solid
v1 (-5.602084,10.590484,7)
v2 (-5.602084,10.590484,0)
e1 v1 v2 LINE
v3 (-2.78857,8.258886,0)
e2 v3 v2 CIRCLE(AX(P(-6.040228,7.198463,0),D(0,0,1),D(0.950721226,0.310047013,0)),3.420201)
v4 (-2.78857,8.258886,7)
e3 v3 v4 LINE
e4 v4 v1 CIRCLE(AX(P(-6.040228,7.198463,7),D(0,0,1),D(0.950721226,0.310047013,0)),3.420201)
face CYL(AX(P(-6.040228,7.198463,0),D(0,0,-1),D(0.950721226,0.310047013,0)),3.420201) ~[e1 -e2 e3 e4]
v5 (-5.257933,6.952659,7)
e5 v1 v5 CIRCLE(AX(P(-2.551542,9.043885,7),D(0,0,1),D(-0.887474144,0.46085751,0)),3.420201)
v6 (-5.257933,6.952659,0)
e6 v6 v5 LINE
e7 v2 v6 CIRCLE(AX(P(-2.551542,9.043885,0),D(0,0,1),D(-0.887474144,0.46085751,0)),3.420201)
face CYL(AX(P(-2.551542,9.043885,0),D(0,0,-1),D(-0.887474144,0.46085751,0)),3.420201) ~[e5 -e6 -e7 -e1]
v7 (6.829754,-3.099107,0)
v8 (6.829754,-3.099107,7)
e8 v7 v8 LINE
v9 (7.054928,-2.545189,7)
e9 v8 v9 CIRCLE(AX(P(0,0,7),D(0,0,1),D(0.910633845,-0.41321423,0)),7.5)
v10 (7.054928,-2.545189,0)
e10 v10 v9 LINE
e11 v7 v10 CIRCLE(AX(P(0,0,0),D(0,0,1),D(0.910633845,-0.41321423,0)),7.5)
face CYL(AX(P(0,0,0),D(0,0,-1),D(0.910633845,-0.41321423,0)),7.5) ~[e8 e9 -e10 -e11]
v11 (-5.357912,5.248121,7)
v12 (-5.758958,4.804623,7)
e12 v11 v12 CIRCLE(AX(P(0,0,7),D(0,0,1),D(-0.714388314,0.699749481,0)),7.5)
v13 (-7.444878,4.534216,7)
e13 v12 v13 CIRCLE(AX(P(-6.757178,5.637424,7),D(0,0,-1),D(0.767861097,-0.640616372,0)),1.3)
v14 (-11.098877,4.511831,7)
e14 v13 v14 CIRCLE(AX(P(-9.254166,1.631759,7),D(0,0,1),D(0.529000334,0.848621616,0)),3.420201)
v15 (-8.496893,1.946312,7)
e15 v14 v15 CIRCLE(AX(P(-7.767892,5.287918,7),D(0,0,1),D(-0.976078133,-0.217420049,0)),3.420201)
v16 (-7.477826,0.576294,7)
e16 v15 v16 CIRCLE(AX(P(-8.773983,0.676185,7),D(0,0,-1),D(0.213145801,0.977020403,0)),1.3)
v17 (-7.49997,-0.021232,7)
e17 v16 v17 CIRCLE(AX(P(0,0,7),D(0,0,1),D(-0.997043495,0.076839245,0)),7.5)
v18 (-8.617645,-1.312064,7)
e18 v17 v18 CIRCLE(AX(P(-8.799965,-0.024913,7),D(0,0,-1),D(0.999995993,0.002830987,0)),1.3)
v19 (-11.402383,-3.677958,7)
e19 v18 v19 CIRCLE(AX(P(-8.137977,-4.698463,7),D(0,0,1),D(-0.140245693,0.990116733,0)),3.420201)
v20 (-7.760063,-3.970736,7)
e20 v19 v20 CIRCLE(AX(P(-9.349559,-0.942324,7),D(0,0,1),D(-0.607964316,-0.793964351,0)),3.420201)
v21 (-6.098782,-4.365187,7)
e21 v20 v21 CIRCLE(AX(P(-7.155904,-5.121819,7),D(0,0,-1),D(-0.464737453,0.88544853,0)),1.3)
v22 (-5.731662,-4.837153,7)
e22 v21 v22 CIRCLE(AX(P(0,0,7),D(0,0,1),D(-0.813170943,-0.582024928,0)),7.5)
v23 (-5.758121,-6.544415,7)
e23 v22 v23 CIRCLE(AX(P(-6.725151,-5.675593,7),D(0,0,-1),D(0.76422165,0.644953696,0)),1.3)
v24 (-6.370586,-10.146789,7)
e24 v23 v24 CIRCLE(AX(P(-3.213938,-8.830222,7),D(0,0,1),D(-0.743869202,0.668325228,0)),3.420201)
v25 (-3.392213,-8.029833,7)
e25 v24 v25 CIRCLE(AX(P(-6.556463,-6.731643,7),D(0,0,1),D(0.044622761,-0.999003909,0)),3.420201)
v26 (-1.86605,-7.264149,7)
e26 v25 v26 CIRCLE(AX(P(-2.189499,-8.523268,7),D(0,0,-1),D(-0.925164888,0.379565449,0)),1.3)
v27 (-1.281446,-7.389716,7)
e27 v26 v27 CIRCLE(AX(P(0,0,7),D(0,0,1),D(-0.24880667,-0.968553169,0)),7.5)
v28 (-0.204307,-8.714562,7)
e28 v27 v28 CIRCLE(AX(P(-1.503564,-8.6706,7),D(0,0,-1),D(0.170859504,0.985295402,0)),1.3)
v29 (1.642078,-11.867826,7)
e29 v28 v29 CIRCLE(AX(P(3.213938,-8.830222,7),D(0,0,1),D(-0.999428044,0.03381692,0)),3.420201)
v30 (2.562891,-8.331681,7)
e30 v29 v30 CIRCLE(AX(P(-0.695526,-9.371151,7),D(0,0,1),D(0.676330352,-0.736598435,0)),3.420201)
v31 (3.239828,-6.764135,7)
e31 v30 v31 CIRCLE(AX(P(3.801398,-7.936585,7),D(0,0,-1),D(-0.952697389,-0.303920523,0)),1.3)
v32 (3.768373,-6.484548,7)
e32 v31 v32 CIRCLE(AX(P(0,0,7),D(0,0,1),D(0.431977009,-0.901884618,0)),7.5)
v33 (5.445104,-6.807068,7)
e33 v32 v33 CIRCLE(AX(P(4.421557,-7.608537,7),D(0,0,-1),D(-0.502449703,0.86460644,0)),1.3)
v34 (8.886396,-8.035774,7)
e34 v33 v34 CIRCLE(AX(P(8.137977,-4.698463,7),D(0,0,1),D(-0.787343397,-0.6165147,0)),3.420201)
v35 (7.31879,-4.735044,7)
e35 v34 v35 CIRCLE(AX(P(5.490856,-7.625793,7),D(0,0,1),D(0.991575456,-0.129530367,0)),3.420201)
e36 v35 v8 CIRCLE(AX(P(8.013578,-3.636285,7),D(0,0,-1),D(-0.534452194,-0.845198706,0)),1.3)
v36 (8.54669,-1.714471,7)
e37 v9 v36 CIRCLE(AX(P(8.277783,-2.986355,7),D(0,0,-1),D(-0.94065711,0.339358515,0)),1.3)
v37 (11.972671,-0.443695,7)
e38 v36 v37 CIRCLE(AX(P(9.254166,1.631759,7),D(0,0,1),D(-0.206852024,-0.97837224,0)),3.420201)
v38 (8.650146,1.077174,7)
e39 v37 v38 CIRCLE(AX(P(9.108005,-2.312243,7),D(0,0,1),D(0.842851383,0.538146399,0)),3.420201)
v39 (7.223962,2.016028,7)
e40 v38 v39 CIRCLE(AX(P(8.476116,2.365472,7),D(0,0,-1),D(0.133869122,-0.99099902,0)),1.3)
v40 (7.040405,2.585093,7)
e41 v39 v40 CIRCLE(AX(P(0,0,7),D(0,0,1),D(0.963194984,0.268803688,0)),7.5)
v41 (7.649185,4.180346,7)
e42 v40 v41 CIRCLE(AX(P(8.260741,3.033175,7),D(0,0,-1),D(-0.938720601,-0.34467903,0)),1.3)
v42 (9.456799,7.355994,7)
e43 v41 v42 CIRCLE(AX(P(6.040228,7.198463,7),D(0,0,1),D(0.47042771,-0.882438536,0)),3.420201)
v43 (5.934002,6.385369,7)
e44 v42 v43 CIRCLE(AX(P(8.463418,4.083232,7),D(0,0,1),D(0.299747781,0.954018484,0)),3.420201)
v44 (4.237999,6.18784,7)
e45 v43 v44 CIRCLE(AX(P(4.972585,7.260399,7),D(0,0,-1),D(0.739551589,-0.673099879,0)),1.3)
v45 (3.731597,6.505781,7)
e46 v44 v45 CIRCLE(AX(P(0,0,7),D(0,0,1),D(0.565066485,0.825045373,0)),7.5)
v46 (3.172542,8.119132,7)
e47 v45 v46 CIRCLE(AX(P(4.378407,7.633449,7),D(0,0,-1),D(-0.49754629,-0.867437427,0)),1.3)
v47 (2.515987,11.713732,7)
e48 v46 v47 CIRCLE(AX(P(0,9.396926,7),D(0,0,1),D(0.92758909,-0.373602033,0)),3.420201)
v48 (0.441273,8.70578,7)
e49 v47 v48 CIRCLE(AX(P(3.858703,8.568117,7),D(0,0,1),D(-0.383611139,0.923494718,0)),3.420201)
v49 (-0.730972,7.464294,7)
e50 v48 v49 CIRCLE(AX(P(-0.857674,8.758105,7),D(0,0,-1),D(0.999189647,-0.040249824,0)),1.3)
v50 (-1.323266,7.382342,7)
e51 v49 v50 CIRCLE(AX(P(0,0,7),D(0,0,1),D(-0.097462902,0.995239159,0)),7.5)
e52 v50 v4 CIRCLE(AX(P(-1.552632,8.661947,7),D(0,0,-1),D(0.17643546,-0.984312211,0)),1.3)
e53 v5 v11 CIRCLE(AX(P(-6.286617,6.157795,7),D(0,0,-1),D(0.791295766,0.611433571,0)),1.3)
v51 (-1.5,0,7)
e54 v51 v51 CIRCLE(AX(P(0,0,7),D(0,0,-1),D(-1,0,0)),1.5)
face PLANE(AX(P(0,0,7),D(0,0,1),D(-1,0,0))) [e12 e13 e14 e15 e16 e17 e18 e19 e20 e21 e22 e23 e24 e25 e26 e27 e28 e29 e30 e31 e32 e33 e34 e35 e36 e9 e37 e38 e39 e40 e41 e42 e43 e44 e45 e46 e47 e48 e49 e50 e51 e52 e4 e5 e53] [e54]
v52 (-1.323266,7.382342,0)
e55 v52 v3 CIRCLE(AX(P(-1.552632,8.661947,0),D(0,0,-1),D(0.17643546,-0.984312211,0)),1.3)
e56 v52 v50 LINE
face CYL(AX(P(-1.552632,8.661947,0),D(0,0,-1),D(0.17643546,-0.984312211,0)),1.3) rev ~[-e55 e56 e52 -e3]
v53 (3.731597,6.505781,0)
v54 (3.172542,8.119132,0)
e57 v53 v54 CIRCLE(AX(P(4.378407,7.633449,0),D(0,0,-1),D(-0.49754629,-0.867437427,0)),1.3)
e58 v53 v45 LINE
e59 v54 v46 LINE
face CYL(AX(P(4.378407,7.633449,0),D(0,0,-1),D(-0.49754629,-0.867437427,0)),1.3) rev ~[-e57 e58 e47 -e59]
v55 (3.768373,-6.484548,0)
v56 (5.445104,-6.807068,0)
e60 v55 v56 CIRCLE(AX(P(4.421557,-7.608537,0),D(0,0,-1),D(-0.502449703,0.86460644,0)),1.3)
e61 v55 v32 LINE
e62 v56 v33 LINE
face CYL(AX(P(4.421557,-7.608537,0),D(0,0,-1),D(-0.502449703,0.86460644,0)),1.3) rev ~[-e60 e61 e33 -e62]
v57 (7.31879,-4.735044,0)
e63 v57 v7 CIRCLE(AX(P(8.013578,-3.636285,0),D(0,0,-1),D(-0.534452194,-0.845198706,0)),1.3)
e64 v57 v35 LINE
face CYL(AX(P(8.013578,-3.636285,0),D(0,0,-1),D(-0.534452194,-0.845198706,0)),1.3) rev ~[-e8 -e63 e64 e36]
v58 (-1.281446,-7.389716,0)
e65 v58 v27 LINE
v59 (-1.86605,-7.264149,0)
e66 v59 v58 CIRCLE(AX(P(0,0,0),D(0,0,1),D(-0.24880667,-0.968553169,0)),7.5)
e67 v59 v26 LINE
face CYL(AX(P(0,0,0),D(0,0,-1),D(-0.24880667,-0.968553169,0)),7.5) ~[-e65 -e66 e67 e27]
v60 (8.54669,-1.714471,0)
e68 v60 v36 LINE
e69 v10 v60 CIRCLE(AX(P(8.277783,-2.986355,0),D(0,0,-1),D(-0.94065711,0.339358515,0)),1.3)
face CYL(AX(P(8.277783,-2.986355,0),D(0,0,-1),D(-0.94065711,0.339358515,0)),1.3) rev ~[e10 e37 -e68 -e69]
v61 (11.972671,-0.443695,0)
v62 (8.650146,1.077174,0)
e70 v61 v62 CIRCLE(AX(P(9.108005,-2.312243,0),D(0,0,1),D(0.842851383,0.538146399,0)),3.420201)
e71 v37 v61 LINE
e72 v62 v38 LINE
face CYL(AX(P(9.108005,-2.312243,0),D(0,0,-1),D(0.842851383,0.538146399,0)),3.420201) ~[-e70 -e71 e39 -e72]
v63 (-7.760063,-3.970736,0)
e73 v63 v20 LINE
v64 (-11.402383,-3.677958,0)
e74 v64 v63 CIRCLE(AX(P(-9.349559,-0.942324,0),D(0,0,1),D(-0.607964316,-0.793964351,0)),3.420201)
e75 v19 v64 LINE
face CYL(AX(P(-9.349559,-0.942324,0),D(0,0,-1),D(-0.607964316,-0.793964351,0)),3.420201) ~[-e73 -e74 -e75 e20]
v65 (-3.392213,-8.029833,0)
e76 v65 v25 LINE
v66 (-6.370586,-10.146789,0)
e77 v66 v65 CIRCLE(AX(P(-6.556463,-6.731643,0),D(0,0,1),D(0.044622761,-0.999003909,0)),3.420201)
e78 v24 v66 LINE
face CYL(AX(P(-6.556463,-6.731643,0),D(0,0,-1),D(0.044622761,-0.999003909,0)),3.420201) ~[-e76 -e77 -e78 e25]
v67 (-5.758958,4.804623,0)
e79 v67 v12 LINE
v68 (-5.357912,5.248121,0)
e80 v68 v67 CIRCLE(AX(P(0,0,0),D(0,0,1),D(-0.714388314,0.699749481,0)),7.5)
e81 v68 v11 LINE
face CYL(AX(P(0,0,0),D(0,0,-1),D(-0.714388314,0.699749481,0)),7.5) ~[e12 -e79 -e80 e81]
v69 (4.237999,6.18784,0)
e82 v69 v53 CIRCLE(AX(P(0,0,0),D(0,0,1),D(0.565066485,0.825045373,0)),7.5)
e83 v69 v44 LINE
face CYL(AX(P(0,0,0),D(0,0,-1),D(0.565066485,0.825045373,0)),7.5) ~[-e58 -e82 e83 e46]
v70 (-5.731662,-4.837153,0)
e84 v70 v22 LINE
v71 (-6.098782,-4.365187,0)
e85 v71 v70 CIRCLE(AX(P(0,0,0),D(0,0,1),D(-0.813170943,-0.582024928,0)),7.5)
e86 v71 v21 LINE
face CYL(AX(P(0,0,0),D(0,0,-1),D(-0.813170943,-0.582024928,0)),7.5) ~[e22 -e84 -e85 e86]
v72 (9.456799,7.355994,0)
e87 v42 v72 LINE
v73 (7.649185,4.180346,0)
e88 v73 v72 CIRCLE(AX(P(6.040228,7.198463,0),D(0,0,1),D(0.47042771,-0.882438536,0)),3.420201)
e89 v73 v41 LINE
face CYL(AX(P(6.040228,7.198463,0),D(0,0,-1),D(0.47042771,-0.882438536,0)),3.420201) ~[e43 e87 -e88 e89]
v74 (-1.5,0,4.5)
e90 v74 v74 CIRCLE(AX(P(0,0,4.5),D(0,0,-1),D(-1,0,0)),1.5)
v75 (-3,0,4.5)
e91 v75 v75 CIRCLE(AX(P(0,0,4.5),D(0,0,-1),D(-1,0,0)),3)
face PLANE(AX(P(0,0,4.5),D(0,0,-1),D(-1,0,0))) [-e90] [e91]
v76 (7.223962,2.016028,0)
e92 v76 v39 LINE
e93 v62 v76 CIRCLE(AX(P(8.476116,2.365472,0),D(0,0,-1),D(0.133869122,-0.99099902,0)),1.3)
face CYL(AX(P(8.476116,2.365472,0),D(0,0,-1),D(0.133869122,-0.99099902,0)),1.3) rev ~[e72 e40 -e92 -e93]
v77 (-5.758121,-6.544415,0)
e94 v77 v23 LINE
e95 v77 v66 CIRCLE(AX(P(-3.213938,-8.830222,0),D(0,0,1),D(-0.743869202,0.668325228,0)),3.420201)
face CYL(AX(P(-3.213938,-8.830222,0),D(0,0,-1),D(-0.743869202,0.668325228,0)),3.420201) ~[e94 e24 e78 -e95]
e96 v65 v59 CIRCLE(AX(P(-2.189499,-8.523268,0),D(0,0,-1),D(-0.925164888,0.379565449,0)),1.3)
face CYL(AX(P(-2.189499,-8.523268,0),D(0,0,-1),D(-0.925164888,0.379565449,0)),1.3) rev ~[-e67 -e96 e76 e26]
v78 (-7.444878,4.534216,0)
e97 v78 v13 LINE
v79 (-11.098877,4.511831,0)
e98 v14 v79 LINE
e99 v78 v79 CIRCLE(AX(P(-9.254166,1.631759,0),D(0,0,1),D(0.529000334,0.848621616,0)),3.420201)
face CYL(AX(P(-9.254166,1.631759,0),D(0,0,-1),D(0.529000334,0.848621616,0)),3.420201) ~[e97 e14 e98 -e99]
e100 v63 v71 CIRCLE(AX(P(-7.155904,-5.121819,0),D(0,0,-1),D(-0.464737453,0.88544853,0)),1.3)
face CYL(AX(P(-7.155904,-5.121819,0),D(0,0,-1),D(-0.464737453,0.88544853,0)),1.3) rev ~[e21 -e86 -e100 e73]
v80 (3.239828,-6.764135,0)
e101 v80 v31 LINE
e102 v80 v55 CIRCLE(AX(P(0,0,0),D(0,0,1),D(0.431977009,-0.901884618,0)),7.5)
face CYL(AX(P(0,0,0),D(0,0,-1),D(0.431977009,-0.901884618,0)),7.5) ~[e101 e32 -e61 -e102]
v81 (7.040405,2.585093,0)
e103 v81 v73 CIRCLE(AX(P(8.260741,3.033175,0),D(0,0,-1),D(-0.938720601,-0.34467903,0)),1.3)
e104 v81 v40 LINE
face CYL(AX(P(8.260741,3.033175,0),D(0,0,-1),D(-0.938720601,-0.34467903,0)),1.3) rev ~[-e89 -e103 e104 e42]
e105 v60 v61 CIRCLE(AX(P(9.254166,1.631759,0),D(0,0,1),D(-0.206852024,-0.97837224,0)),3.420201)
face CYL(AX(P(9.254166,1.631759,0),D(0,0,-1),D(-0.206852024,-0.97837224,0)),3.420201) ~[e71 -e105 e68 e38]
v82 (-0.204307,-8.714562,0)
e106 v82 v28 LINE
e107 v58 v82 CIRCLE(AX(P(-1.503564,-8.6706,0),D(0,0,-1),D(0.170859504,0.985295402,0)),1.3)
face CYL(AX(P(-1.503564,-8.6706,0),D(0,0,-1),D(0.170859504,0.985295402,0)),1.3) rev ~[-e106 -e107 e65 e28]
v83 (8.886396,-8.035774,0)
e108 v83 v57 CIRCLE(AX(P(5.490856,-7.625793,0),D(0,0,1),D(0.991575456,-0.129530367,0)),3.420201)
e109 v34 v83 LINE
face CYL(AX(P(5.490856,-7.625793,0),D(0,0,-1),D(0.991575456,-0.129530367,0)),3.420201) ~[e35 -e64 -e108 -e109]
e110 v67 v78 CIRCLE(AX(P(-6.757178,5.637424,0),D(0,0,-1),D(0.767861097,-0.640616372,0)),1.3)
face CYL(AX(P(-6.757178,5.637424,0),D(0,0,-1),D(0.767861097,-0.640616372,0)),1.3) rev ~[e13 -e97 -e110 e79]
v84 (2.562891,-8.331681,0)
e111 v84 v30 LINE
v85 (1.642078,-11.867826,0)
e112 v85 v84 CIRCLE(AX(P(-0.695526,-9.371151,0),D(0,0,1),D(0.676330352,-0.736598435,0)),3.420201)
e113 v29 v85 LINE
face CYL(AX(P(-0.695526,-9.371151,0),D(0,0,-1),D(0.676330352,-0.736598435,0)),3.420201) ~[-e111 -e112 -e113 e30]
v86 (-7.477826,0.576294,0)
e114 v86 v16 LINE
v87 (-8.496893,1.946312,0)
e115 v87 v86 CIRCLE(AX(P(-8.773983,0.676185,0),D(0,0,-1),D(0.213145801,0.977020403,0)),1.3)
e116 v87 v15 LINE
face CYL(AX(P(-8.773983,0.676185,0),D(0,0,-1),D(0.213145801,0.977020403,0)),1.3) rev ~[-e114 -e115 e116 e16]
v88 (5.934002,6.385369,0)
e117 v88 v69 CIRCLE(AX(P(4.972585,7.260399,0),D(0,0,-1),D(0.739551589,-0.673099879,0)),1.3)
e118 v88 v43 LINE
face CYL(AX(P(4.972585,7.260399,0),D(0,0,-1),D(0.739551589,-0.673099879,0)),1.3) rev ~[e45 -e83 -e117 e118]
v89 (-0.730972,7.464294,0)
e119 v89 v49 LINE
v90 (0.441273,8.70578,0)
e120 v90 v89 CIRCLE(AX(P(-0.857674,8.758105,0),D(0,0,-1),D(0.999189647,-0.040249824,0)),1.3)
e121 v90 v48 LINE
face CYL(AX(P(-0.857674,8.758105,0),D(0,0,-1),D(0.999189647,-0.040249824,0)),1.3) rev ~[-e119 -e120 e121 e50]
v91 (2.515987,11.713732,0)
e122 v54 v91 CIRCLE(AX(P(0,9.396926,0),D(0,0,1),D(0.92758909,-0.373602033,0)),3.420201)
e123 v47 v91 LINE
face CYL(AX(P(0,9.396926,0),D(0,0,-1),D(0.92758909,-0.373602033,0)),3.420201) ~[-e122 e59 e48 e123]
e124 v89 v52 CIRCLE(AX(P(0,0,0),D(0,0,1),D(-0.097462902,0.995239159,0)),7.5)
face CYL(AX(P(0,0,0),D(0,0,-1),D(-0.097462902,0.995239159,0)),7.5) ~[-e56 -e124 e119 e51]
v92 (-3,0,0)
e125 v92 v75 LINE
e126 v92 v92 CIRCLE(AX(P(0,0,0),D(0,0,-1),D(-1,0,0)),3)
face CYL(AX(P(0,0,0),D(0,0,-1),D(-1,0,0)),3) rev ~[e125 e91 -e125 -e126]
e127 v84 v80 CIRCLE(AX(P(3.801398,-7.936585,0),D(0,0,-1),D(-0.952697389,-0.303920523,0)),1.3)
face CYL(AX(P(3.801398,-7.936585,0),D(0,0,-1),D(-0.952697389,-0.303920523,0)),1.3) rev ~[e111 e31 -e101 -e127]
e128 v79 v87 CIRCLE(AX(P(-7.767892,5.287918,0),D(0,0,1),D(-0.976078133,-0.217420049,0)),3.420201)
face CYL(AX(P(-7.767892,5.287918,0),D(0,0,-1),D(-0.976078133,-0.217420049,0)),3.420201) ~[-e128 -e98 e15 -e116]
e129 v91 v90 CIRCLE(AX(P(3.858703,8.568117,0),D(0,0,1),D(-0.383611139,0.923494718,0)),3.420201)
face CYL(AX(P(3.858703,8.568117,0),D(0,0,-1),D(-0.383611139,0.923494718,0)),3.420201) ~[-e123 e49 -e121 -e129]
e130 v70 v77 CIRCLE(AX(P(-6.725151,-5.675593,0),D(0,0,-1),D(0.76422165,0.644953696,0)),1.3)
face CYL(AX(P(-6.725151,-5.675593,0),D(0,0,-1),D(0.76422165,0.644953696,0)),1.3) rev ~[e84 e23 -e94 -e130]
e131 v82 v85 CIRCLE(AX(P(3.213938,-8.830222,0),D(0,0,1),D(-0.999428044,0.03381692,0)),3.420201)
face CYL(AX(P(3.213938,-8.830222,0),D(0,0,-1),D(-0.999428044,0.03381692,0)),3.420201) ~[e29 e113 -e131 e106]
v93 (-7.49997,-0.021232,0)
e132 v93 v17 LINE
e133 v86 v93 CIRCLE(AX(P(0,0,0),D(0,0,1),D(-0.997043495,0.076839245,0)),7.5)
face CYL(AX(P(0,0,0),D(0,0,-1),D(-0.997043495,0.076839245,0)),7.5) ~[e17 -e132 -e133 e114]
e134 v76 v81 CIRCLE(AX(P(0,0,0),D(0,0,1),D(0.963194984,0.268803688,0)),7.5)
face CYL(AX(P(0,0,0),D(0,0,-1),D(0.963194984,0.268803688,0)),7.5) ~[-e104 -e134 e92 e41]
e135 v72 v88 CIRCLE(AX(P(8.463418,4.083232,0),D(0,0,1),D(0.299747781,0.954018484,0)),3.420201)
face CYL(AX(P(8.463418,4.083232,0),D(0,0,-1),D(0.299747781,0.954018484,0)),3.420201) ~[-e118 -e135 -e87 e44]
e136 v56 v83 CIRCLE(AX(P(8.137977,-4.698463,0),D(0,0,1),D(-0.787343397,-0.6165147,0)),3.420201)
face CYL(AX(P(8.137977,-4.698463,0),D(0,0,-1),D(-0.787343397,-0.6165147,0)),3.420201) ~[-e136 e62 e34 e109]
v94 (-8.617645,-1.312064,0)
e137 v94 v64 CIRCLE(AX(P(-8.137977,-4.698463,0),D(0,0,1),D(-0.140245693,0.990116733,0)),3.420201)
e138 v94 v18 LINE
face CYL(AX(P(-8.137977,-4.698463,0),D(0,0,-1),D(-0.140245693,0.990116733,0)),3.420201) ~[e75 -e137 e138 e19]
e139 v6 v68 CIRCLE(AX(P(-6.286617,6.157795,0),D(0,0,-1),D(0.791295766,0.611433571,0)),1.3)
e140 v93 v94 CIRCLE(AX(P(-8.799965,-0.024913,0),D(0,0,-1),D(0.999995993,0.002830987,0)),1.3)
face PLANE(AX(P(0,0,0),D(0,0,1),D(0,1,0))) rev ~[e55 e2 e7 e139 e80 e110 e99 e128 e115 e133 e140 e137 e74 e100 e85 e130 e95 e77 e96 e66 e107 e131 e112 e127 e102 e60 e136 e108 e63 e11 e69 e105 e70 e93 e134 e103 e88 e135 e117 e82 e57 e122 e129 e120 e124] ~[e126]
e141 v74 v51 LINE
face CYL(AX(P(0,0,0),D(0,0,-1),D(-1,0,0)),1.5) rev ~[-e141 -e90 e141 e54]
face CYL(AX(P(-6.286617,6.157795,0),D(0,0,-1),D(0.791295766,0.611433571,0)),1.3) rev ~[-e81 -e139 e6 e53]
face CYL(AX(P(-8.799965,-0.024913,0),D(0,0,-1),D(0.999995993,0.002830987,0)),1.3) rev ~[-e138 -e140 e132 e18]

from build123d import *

# Parameters (mm, degrees)
CROQUIS1_R              = 12
CROQUIS1_R_2            = 10
CROQUIS1_R_3            = 3
CROQUIS1_R_4            = 1.5
SALIENTE_EXTRUIR1_DEPTH = 7
CORTAR_EXTRUIR2_DEPTH   = 7
MATRIZC2_COUNT          = 9
CROQUIS3_R              = 1.5
CORTAR_EXTRUIR3_DEPTH   = 7
CROQUIS7_R              = 3
CORTAR_EXTRUIR4_DEPTH   = 4.5


with BuildPart() as part:
    # Croquis1 → Saliente-Extruir1 (new body)
    # profile 1 of 4: a face of its own
    with BuildSketch(Plane(origin=(0, 0, 0), x_dir=(0, 1, 0), z_dir=(0, 0, 1))):
        with Locations(Location((0, 0, 0), (0, 0, 90))):
            Circle(CROQUIS1_R)
        Circle(CROQUIS1_R_2, mode=Mode.SUBTRACT)
    # profile 2 of 4: a face of its own
    with BuildSketch(Plane(origin=(0, 0, 0), x_dir=(0, 1, 0), z_dir=(0, 0, 1))):
        Circle(CROQUIS1_R_2)
        Circle(CROQUIS1_R_3, mode=Mode.SUBTRACT)
    # profile 3 of 4: a face of its own
    with BuildSketch(Plane(origin=(0, 0, 0), x_dir=(0, 1, 0), z_dir=(0, 0, 1))):
        Circle(CROQUIS1_R_3)
        Circle(CROQUIS1_R_4, mode=Mode.SUBTRACT)
    # profile 4 of 4: a face of its own
    with BuildSketch(Plane(origin=(0, 0, 0), x_dir=(0, 1, 0), z_dir=(0, 0, 1))):
        Circle(CROQUIS1_R_4)
    extrude(amount=SALIENTE_EXTRUIR1_DEPTH)

    # Croquis2 → Cortar-Extruir2 (cut)
    with BuildSketch(Plane(origin=(0, 0, 0), x_dir=(-1, 0, 0), z_dir=(0, 0, -1))):
        with BuildLine():
            ThreePointArc((-1.671726175, -11.882984961), (2.52, -11.732416631), (6.40384449, -10.148437108))
            ThreePointArc((6.40384449, -10.148437108), (4.588589795, -9.529007631), (3.392213046, -8.029832803))
            ThreePointArc((3.392213046, -8.029832803), (2.772460995, -7.361306204), (1.866050022, -7.264148767))
            ThreePointArc((1.866050022, -7.264148767), (1.575, -7.332760394), (1.281446283, -7.389715517))
            ThreePointArc((1.281446283, -7.389715517), (0.494876961, -7.850507358), (0.204307181, -8.714561536))
            ThreePointArc((0.204307181, -8.714561536), (-0.270936109, -10.57278281), (-1.671726175, -11.882984961))
        make_face()
    cortar_extruir2 = extrude(amount=-CORTAR_EXTRUIR2_DEPTH, mode=Mode.SUBTRACT)

    # MatrizC2: Cortar-Extruir2 ×9 about axis
    matrizc2_axis = Axis((0, 0, 0), (0, 0, 1))
    for i in range(1, MATRIZC2_COUNT):
        add(cortar_extruir2.rotate(matrizc2_axis, i * 360 / MATRIZC2_COUNT), mode=Mode.SUBTRACT)

    # Croquis3 → Cortar-Extruir3 (cut)
    with BuildSketch(Plane(origin=(0, 0, 0), x_dir=(-1, 0, 0), z_dir=(0, 0, -1))):
        Circle(CROQUIS3_R)
    extrude(amount=-CORTAR_EXTRUIR3_DEPTH, mode=Mode.SUBTRACT)

    # Croquis7 → Cortar-Extruir4 (cut)
    with BuildSketch(Plane(origin=(0, 0, 0), x_dir=(-1, 0, 0), z_dir=(0, 0, -1))):
        Circle(CROQUIS7_R)
    extrude(amount=-CORTAR_EXTRUIR4_DEPTH, mode=Mode.SUBTRACT)


solid = part.part
